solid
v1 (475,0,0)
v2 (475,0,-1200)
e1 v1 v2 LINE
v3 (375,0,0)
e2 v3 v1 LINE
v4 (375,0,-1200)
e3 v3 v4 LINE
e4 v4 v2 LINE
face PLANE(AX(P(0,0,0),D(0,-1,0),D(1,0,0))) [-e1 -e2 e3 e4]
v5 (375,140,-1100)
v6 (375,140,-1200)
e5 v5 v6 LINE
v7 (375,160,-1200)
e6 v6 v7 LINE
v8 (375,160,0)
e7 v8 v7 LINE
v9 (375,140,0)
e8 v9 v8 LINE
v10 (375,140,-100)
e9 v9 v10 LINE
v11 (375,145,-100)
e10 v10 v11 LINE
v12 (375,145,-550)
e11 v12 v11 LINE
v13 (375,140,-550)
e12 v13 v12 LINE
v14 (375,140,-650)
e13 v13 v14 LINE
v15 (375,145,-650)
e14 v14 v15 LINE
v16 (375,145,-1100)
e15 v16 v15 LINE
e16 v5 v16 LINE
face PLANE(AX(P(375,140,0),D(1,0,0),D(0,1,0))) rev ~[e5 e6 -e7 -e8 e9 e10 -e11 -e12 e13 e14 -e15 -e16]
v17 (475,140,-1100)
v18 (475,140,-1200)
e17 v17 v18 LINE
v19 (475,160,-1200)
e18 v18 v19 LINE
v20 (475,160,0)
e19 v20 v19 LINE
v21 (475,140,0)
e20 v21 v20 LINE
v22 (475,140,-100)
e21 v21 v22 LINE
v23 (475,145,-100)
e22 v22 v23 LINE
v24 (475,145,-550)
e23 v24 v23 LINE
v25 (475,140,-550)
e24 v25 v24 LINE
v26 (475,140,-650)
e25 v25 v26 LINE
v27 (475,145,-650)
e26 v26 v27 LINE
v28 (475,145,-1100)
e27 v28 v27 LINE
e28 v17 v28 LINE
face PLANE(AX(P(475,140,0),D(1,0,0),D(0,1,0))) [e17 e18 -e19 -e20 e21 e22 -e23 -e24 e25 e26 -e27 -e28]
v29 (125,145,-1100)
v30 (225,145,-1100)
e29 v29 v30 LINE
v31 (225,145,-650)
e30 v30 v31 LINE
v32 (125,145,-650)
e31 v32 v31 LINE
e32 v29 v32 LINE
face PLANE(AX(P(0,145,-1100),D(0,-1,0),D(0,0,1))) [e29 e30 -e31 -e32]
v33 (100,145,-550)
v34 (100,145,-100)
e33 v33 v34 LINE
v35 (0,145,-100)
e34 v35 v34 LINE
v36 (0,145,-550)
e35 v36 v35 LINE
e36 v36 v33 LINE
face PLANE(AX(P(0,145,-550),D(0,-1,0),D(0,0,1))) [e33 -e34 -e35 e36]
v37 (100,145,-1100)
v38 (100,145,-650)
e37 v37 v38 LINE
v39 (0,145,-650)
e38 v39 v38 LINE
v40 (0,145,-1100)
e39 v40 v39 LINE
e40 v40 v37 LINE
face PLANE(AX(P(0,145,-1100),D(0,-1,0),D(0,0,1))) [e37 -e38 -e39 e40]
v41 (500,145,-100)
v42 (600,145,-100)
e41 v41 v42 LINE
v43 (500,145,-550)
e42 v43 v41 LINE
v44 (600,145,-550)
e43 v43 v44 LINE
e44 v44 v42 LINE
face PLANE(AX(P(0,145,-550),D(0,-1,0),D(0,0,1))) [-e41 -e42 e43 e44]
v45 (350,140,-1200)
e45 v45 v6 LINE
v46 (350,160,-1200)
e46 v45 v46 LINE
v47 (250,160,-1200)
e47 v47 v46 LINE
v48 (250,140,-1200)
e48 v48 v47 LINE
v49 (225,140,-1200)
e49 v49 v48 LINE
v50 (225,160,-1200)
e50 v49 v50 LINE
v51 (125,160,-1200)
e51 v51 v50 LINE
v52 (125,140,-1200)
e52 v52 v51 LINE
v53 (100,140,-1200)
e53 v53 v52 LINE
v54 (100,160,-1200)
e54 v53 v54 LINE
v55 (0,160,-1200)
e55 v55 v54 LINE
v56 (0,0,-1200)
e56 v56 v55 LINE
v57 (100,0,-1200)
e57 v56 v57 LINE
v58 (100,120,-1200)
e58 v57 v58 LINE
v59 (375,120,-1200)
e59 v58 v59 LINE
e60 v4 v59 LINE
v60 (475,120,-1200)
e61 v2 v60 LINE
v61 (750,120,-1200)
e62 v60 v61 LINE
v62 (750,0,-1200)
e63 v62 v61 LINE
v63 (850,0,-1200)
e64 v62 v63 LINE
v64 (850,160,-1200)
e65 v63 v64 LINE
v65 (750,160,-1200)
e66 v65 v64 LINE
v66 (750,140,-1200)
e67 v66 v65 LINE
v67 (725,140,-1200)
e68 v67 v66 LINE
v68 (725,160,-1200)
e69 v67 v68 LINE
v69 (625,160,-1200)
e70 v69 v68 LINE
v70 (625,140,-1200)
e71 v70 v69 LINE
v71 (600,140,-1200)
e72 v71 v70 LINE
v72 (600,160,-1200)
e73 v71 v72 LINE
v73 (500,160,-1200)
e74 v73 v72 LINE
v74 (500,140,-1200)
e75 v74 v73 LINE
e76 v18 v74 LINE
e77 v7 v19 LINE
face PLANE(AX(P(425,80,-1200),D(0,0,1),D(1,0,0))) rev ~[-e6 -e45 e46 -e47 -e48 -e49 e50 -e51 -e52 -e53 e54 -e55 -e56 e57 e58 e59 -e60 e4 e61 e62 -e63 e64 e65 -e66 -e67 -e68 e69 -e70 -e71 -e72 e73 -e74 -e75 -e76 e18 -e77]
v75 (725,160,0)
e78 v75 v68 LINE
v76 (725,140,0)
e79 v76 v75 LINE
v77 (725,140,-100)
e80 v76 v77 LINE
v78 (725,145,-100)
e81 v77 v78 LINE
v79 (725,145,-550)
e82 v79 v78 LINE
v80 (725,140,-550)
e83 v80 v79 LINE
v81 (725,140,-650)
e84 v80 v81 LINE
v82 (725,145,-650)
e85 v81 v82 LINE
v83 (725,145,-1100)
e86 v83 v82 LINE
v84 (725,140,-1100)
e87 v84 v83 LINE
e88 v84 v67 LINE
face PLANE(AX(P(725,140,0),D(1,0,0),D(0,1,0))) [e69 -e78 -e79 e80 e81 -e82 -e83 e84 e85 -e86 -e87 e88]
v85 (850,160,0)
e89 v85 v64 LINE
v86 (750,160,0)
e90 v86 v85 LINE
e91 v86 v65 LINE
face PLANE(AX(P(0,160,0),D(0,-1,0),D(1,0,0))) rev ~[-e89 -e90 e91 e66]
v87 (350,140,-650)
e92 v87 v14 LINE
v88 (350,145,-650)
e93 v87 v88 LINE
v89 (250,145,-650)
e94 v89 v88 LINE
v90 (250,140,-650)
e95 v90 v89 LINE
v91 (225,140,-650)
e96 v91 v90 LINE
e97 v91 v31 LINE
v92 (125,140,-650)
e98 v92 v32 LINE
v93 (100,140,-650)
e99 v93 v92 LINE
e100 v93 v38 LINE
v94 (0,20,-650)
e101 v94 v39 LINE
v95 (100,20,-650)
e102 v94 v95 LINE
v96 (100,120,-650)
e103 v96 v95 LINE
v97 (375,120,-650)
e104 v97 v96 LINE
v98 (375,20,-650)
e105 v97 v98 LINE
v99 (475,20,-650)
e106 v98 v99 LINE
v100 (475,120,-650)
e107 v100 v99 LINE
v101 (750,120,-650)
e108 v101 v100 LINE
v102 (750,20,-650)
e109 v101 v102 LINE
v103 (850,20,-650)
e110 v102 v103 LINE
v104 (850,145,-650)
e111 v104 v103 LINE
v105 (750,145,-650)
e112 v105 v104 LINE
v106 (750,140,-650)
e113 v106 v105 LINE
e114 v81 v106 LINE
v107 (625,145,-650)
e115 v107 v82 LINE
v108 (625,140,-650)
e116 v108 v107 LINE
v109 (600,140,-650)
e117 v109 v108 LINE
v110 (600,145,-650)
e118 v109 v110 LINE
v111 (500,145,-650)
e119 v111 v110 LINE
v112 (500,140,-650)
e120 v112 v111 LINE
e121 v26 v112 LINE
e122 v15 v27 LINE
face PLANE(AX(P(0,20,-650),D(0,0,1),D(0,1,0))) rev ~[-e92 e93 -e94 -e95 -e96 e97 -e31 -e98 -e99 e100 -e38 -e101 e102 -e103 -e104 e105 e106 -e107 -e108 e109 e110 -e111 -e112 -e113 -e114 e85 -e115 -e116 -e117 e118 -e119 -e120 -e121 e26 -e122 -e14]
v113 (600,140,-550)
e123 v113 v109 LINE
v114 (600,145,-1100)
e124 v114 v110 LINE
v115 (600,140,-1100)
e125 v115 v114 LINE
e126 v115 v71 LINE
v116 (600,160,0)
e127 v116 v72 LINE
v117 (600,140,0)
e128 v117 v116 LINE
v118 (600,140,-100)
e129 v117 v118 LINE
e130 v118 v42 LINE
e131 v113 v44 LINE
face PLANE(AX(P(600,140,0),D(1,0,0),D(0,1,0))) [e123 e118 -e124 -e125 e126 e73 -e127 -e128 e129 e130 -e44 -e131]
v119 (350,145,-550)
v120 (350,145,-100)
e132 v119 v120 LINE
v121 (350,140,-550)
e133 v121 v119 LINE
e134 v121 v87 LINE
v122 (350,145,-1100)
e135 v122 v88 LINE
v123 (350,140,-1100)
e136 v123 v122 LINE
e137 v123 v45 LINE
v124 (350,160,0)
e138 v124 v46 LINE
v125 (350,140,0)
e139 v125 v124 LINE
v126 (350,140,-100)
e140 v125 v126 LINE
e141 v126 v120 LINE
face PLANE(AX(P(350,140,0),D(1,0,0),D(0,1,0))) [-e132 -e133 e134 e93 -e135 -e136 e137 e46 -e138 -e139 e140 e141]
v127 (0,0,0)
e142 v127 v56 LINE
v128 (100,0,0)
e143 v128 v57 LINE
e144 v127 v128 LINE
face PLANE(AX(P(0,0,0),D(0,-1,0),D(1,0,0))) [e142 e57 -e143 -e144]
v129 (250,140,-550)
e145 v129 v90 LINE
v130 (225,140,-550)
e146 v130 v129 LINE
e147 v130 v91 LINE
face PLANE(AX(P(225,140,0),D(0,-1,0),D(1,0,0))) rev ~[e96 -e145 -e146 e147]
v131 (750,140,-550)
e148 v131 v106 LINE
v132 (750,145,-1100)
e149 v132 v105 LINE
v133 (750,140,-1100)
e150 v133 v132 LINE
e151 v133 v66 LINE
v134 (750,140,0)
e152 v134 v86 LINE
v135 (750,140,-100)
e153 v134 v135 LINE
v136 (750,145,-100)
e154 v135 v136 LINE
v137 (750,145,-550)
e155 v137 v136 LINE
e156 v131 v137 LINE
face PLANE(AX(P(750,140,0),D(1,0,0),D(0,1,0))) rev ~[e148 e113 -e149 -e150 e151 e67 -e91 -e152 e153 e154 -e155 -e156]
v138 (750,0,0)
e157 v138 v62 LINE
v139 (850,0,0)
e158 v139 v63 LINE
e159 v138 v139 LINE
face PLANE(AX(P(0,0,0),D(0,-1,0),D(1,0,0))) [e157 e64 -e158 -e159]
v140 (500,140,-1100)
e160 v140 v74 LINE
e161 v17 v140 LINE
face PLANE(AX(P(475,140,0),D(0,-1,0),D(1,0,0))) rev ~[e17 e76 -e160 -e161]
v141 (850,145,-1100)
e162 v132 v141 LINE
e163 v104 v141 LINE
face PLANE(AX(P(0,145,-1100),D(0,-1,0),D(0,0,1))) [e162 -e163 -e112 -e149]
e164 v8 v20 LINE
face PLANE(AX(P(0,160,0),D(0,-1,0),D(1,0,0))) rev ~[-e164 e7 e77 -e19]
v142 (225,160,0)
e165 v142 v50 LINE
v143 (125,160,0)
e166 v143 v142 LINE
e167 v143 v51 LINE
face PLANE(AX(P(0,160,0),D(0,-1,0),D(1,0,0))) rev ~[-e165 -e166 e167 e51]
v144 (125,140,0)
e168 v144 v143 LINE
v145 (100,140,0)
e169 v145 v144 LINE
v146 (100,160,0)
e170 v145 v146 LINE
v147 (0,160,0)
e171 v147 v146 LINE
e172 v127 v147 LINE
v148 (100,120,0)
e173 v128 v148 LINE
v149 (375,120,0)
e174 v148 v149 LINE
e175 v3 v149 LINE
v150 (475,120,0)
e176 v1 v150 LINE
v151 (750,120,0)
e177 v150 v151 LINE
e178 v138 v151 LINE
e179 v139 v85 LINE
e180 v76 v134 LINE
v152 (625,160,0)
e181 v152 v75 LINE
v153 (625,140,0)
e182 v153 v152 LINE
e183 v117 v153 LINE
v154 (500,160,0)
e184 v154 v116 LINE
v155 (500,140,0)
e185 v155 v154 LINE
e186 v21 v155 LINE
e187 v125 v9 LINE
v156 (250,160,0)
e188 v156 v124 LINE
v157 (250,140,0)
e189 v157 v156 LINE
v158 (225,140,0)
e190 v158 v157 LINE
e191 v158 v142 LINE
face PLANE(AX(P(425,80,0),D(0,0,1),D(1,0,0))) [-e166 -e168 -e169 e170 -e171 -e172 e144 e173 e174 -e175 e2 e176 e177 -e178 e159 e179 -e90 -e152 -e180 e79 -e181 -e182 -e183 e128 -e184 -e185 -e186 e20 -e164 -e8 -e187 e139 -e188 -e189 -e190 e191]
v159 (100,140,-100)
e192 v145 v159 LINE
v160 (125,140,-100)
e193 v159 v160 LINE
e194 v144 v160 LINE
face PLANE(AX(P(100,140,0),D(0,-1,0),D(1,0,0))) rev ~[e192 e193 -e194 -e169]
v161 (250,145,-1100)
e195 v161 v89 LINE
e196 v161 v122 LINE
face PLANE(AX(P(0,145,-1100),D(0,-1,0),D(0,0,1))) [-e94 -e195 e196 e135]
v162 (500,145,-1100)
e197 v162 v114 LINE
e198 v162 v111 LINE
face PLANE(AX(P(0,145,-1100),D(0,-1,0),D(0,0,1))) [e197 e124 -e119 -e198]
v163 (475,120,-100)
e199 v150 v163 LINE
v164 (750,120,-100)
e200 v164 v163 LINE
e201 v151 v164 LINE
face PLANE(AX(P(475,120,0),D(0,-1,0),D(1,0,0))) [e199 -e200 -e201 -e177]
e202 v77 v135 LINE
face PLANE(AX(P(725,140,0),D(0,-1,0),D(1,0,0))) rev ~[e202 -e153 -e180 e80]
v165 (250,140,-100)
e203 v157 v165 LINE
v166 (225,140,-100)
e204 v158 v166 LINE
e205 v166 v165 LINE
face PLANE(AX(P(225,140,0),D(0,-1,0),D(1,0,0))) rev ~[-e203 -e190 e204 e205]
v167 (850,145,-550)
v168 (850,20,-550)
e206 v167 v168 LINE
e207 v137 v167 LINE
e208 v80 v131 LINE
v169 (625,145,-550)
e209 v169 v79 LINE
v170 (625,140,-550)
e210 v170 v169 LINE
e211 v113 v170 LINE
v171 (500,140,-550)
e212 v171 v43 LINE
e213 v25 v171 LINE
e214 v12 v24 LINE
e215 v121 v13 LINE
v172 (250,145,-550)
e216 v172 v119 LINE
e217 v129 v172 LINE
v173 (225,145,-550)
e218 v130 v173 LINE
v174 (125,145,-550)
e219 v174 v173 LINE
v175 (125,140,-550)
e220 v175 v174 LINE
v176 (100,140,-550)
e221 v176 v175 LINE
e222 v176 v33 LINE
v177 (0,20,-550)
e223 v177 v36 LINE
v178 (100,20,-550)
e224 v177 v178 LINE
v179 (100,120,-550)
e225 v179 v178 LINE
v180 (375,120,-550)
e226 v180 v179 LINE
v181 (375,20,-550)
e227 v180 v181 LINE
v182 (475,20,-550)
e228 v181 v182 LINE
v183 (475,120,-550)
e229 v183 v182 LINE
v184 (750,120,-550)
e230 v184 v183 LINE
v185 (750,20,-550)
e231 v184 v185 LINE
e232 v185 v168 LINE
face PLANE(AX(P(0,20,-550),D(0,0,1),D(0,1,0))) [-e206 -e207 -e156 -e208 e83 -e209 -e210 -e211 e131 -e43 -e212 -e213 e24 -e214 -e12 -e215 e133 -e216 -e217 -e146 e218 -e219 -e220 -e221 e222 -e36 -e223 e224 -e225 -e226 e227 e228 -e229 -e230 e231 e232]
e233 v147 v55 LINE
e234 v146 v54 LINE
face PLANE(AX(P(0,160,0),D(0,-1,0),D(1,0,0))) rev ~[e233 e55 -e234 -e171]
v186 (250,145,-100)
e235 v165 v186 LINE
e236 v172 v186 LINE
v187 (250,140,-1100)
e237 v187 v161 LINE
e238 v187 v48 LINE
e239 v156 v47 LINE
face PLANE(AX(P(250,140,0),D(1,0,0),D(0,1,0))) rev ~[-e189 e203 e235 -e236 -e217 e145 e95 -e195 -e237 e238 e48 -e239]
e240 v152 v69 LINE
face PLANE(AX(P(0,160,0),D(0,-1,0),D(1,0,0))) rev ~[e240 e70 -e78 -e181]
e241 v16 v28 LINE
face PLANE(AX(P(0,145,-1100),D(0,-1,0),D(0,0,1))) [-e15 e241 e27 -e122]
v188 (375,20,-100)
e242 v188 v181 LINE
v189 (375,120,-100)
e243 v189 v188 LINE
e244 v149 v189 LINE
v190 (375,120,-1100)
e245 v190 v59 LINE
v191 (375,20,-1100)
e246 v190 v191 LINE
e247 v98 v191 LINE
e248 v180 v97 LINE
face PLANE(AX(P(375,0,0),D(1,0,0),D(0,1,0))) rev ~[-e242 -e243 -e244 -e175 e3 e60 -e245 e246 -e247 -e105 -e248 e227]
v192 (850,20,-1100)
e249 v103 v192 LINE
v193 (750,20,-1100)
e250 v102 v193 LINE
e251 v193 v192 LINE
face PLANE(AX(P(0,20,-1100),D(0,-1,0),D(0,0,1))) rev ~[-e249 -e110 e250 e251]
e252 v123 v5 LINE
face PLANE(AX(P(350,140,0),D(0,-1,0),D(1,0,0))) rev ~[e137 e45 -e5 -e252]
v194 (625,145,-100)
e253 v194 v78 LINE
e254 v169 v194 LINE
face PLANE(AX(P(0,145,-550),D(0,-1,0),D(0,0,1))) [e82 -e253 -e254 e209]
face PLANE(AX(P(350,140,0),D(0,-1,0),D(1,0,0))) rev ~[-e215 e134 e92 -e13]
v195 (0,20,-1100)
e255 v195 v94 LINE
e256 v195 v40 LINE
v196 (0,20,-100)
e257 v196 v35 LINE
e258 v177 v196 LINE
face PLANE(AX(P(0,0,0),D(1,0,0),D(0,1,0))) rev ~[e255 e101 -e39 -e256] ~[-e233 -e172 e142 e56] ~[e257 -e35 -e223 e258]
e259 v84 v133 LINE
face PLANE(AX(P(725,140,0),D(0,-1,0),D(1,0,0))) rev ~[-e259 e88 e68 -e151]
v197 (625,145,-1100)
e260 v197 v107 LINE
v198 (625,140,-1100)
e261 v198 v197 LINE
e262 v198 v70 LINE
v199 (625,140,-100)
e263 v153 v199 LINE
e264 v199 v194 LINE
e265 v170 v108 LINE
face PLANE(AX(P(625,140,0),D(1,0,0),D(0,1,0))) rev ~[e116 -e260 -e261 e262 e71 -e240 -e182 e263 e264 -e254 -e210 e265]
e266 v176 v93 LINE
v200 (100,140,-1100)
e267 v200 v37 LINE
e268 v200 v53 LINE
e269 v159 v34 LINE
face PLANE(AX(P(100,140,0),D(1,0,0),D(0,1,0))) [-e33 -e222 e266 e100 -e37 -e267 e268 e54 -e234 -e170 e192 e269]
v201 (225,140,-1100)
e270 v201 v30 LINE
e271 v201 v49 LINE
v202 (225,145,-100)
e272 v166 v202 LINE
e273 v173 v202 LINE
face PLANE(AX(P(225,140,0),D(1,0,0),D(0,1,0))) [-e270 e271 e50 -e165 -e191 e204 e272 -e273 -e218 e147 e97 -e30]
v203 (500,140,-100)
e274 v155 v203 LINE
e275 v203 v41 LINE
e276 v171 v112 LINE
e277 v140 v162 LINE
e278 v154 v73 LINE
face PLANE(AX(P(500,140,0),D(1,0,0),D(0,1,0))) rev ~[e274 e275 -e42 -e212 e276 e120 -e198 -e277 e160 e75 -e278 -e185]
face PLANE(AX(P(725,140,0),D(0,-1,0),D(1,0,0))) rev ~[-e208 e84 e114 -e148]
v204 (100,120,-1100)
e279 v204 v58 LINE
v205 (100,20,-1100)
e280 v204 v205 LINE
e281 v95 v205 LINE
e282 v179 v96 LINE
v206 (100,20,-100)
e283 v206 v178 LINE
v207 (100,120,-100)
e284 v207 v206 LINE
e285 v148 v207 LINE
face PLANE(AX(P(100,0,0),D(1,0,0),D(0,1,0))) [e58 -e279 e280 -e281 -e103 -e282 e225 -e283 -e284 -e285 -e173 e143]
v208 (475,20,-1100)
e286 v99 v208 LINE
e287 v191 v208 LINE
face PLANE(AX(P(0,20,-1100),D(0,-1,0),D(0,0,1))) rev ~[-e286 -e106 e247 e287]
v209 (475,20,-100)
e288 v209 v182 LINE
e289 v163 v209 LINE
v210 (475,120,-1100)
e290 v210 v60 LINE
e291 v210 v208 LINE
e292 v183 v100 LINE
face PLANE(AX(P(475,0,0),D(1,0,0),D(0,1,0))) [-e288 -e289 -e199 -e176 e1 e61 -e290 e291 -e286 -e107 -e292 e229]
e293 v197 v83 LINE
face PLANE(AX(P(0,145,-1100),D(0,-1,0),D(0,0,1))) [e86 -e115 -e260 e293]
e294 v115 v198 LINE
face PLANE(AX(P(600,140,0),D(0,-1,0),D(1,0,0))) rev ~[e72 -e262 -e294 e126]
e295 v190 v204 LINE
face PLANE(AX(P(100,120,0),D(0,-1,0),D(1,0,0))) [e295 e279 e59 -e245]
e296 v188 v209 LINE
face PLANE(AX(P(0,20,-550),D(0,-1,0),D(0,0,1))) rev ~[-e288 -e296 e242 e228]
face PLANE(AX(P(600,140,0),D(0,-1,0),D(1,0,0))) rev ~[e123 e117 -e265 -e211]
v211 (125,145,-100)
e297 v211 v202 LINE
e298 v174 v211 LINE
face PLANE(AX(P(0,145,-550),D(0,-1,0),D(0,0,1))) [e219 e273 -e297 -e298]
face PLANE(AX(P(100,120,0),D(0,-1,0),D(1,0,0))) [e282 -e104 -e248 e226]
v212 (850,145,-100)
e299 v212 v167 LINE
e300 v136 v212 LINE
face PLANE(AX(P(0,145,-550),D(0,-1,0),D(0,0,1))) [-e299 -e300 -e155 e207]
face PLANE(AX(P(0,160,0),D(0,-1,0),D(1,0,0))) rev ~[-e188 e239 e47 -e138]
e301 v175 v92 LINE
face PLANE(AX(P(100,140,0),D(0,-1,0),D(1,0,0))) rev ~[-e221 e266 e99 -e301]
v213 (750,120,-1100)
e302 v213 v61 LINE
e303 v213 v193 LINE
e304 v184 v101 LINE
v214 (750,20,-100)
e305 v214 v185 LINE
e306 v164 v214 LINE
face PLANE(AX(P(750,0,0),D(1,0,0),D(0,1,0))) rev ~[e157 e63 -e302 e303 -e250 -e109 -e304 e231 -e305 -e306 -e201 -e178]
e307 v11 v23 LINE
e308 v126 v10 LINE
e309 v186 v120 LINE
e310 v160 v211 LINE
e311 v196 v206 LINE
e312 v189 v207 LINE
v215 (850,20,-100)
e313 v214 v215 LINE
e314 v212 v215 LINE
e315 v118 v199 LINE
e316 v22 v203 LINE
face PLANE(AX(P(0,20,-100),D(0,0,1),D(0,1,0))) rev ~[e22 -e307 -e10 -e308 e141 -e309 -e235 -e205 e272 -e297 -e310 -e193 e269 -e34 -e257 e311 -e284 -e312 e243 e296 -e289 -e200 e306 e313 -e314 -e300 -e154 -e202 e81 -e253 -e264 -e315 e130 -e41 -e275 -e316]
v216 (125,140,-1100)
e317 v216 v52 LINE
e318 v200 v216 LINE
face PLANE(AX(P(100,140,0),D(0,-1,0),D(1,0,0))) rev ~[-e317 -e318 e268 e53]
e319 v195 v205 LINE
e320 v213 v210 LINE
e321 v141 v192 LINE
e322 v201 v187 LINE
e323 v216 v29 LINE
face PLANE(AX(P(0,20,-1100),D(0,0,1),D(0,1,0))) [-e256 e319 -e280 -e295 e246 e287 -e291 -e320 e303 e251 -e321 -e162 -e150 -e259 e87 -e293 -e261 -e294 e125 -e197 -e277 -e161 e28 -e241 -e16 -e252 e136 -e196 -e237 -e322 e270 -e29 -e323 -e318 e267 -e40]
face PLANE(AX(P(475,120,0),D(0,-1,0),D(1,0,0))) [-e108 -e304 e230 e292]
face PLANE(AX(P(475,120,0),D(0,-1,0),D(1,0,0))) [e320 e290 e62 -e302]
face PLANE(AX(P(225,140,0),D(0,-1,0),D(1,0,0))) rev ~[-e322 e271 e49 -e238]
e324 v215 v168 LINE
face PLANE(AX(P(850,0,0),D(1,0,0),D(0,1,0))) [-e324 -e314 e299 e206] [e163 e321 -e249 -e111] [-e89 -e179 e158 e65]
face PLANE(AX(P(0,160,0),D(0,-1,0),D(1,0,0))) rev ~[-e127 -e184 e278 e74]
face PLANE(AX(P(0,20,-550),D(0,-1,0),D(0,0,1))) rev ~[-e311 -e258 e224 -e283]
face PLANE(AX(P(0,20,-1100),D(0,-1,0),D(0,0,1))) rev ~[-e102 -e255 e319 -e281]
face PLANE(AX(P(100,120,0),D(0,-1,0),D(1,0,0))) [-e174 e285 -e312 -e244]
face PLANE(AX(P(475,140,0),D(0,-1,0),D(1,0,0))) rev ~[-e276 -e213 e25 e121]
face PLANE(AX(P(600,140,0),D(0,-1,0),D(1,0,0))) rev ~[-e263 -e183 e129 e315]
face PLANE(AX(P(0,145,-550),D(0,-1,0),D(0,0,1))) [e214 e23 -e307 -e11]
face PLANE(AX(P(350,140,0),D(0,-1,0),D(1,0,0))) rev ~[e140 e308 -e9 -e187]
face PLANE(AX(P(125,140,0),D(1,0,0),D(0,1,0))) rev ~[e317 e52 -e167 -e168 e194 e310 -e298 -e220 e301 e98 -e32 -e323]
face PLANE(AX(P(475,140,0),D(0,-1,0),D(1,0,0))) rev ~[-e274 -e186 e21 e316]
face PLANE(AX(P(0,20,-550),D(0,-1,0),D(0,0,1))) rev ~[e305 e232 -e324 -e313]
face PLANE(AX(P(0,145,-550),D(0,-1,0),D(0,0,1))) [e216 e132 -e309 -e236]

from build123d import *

# Parameters (mm, degrees)
SKETCH1_W           = 850
SKETCH1_H           = 160
BOSS_EXTRUDE1_DEPTH = 1200
SKETCH2_W           = 275
SKETCH2_H           = 120
CUT_EXTRUDE1_DEPTH  = 1480.222768889
SKETCH3_W           = 450
SKETCH3_H           = 125
CUT_EXTRUDE2_DEPTH  = 1480.222768889
SKETCH4_W           = 25
SKETCH4_H           = 20
CUT_EXTRUDE3_DEPTH  = 1480.222768889


with BuildPart() as part:
    # Sketch1 → Boss-Extrude1 (new body)
    with BuildSketch(Plane.XY):
        with Locations((425, 80)):
            Rectangle(SKETCH1_W, SKETCH1_H)
    extrude(amount=-BOSS_EXTRUDE1_DEPTH)

    # Sketch2 → Cut-Extrude1 (cut, through all)
    with BuildSketch(Plane.XY):
        with Locations((237.5, 60)):
            Rectangle(SKETCH2_W, SKETCH2_H)
        with Locations((612.5, 60)):
            Rectangle(SKETCH2_W, SKETCH2_H)
    extrude(amount=-CUT_EXTRUDE1_DEPTH, mode=Mode.SUBTRACT)

    # Sketch3 → Cut-Extrude2 (cut, through all)
    with BuildSketch(Plane.ZY):
        with Locations((-875, 82.5)):
            Rectangle(SKETCH3_W, SKETCH3_H)
        with Locations((-325, 82.5)):
            Rectangle(SKETCH3_W, SKETCH3_H)
    extrude(amount=-CUT_EXTRUDE2_DEPTH, mode=Mode.SUBTRACT)

    # Sketch4 → Cut-Extrude3 (cut, through all)
    with BuildSketch(Plane.XY):
        with Locations((112.5, 150)):
            Rectangle(SKETCH4_W, SKETCH4_H)
        with Locations((237.5, 150)):
            Rectangle(SKETCH4_W, SKETCH4_H)
        with Locations((362.5, 150)):
            Rectangle(SKETCH4_W, SKETCH4_H)
        with Locations((487.5, 150)):
            Rectangle(SKETCH4_W, SKETCH4_H)
        with Locations((612.5, 150)):
            Rectangle(SKETCH4_W, SKETCH4_H)
        with Locations((737.5, 150)):
            Rectangle(SKETCH4_W, SKETCH4_H)
    extrude(amount=-CUT_EXTRUDE3_DEPTH, mode=Mode.SUBTRACT)


solid = part.part
